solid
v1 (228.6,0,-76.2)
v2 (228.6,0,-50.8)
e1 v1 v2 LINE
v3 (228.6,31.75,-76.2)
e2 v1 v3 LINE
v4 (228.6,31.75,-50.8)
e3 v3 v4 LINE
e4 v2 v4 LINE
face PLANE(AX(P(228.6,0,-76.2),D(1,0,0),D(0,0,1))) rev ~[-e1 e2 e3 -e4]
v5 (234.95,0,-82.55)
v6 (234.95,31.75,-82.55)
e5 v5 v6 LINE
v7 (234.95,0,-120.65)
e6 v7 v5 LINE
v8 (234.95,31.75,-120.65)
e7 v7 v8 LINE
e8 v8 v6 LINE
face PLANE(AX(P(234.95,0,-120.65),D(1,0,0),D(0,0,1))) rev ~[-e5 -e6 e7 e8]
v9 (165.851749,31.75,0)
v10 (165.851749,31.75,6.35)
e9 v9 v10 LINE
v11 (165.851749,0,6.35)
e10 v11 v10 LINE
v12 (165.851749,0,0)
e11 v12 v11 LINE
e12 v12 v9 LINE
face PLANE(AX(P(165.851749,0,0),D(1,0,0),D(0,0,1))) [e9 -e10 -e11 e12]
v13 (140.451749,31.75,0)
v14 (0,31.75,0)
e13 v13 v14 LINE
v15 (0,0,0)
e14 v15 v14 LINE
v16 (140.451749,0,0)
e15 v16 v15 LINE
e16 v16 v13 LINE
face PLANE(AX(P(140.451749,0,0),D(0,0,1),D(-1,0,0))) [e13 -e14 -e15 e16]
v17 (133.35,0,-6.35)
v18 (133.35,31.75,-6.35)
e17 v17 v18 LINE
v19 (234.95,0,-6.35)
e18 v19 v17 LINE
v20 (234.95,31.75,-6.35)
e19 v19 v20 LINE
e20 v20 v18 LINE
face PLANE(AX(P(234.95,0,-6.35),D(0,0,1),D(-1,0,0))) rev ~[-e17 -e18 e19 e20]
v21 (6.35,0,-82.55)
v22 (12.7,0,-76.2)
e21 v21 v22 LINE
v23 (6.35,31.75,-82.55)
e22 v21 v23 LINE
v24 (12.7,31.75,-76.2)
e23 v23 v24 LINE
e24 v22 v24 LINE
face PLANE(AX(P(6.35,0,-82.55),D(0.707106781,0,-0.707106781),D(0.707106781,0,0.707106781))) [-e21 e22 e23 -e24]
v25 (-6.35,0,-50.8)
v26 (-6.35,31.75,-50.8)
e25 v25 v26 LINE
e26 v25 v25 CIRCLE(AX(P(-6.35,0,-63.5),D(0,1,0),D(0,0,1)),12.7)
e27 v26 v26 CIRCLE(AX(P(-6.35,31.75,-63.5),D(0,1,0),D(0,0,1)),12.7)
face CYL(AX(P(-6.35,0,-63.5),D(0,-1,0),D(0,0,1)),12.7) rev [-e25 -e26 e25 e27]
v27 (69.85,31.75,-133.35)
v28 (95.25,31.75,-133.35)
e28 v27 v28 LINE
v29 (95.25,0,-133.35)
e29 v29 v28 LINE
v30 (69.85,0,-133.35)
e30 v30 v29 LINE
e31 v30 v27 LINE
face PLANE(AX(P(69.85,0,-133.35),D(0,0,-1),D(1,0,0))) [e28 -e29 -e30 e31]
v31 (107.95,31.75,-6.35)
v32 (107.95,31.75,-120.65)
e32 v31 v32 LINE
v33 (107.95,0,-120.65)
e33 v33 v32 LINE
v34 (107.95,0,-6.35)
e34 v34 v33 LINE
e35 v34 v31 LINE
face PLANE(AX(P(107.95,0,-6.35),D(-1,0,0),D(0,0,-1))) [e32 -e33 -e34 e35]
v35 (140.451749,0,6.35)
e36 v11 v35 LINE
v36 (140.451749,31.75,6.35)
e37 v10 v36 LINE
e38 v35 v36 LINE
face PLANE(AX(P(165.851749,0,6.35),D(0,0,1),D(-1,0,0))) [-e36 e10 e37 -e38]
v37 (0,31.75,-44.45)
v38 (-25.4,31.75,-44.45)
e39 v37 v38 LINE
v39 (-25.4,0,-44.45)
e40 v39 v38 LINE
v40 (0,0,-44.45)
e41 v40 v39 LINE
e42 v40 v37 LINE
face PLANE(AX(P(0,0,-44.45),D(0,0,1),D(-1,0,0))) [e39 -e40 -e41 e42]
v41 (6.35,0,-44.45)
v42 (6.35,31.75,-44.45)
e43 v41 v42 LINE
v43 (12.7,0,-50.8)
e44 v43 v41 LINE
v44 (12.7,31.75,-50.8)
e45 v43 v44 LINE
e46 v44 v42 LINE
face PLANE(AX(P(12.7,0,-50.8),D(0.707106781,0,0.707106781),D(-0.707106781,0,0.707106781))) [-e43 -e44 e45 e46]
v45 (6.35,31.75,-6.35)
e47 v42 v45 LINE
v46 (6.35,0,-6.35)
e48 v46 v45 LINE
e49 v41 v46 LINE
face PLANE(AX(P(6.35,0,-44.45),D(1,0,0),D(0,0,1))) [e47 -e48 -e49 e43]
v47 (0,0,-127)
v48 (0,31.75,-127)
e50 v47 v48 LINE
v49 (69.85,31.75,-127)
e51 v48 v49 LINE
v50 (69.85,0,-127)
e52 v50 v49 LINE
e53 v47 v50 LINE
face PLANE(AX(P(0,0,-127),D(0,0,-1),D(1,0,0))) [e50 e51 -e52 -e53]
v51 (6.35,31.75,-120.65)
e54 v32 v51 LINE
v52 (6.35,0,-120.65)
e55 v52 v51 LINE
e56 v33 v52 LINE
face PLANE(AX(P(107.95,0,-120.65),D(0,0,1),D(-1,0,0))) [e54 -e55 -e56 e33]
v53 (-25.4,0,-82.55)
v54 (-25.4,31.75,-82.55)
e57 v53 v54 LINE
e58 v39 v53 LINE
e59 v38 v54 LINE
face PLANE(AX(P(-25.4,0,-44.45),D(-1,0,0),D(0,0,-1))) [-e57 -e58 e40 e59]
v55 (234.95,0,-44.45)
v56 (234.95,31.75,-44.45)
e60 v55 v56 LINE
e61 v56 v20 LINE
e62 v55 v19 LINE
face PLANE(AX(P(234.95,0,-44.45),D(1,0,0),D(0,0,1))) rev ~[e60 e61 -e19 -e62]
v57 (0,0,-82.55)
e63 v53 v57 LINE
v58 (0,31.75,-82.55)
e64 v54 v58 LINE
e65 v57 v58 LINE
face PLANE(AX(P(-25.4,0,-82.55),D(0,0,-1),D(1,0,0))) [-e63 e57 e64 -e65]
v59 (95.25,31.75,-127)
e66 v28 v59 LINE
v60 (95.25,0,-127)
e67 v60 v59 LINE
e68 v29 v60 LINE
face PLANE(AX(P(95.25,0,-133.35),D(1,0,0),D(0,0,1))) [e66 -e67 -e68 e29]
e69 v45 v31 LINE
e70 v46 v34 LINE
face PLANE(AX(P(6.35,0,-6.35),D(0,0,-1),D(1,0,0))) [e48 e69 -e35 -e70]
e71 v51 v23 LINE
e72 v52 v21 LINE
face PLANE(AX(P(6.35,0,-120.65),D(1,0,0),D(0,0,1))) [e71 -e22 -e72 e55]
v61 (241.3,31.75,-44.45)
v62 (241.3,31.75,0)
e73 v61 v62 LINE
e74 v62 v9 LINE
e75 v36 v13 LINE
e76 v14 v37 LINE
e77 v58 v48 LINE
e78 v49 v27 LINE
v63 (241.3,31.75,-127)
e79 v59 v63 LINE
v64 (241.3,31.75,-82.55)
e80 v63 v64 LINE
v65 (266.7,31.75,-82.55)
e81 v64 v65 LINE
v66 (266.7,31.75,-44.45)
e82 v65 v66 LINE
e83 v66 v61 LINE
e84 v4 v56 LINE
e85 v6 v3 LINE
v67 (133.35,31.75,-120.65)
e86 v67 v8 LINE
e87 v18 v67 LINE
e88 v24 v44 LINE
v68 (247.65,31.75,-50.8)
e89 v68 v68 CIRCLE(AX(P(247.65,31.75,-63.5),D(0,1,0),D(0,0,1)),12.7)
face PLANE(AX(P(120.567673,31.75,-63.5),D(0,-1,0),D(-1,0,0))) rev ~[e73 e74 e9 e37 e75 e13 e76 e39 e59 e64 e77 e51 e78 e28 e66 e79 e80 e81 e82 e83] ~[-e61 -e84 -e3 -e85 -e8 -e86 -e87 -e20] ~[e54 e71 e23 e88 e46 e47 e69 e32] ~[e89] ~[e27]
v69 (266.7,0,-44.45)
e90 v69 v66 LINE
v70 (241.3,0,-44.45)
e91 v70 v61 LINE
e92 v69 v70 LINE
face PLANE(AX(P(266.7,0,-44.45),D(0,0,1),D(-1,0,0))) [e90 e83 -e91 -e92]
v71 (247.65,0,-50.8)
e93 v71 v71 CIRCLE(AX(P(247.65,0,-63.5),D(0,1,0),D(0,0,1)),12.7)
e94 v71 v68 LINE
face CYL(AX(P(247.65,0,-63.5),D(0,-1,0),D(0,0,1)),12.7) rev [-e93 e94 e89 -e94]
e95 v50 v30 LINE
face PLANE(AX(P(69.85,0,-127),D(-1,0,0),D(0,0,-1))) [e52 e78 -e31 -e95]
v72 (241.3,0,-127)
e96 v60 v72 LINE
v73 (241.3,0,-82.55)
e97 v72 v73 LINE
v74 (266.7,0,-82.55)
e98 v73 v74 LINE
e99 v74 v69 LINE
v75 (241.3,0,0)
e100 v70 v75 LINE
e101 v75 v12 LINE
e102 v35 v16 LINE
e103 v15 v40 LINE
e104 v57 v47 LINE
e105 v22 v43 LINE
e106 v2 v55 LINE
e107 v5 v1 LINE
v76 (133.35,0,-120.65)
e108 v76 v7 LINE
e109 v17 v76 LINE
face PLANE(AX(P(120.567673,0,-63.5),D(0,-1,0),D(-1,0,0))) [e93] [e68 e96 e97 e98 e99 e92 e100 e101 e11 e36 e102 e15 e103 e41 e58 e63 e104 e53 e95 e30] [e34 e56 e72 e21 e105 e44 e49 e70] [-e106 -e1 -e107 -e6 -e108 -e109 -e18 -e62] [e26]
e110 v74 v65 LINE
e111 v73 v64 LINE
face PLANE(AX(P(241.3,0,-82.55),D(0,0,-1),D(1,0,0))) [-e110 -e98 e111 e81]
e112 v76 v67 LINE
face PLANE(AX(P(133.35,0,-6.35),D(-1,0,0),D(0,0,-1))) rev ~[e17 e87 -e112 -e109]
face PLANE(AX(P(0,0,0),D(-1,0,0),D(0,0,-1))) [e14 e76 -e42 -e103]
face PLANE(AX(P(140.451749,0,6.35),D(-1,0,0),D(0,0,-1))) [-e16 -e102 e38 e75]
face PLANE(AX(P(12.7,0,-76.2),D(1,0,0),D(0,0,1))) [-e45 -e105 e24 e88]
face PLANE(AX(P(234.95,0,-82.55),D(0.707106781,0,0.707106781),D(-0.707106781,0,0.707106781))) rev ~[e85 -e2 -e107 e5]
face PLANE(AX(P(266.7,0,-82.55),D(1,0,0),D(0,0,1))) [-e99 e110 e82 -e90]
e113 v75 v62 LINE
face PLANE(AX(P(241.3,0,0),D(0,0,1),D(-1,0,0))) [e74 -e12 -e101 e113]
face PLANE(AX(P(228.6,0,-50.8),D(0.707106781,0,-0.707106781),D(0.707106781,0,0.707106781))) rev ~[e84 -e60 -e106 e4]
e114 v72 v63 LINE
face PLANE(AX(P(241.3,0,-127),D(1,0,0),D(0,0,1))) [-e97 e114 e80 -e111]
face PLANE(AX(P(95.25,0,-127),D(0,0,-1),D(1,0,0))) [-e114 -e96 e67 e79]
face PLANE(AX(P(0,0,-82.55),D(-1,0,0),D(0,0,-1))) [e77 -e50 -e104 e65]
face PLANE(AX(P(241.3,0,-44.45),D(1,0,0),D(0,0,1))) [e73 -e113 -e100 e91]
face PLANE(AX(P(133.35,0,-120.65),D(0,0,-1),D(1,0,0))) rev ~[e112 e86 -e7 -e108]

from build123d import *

# Parameters (mm, degrees)
SKETCH1_R           = 12.7
BOSS_EXTRUDE2_DEPTH = 31.75


with BuildPart() as part:
    # Sketch1 → Boss-Extrude2 (new body)
    with BuildSketch(Plane(origin=(0, 0, 0), x_dir=(1, 0, 0), z_dir=(0, 1, 0))):
        Polygon((95.25, 127), (241.3, 127), (241.3, 82.55), (266.7, 82.55), (266.7, 44.45), (241.3, 44.45), (241.3, 0), (165.851748879, 0), (165.851748879, -6.35), (140.451748879, -6.35), (140.451748879, 0), (0, 0), (0, 44.45), (-25.4, 44.45), (-25.4, 82.55), (0, 82.55), (0, 127), (69.85, 127), (69.85, 133.35), (95.25, 133.35), align=None)
        with Locations(Location((247.65, 63.5, 0), (0, 0, 270))):
            Circle(SKETCH1_R, mode=Mode.SUBTRACT)
        with Locations(Location((-6.35, 63.5, 0), (0, 0, 270))):
            Circle(SKETCH1_R, mode=Mode.SUBTRACT)
        Polygon((6.35, 82.55), (12.7, 76.2), (12.7, 50.8), (6.35, 44.45), (6.35, 6.35), (107.95, 6.35), (107.95, 120.65), (6.35, 120.65), align=None, mode=Mode.SUBTRACT)
        Polygon((234.95, 82.55), (228.6, 76.2), (228.6, 50.8), (234.95, 44.45), (234.95, 6.35), (133.35, 6.35), (133.35, 120.65), (234.95, 120.65), align=None, mode=Mode.SUBTRACT)
    extrude(amount=BOSS_EXTRUDE2_DEPTH)


solid = part.part
